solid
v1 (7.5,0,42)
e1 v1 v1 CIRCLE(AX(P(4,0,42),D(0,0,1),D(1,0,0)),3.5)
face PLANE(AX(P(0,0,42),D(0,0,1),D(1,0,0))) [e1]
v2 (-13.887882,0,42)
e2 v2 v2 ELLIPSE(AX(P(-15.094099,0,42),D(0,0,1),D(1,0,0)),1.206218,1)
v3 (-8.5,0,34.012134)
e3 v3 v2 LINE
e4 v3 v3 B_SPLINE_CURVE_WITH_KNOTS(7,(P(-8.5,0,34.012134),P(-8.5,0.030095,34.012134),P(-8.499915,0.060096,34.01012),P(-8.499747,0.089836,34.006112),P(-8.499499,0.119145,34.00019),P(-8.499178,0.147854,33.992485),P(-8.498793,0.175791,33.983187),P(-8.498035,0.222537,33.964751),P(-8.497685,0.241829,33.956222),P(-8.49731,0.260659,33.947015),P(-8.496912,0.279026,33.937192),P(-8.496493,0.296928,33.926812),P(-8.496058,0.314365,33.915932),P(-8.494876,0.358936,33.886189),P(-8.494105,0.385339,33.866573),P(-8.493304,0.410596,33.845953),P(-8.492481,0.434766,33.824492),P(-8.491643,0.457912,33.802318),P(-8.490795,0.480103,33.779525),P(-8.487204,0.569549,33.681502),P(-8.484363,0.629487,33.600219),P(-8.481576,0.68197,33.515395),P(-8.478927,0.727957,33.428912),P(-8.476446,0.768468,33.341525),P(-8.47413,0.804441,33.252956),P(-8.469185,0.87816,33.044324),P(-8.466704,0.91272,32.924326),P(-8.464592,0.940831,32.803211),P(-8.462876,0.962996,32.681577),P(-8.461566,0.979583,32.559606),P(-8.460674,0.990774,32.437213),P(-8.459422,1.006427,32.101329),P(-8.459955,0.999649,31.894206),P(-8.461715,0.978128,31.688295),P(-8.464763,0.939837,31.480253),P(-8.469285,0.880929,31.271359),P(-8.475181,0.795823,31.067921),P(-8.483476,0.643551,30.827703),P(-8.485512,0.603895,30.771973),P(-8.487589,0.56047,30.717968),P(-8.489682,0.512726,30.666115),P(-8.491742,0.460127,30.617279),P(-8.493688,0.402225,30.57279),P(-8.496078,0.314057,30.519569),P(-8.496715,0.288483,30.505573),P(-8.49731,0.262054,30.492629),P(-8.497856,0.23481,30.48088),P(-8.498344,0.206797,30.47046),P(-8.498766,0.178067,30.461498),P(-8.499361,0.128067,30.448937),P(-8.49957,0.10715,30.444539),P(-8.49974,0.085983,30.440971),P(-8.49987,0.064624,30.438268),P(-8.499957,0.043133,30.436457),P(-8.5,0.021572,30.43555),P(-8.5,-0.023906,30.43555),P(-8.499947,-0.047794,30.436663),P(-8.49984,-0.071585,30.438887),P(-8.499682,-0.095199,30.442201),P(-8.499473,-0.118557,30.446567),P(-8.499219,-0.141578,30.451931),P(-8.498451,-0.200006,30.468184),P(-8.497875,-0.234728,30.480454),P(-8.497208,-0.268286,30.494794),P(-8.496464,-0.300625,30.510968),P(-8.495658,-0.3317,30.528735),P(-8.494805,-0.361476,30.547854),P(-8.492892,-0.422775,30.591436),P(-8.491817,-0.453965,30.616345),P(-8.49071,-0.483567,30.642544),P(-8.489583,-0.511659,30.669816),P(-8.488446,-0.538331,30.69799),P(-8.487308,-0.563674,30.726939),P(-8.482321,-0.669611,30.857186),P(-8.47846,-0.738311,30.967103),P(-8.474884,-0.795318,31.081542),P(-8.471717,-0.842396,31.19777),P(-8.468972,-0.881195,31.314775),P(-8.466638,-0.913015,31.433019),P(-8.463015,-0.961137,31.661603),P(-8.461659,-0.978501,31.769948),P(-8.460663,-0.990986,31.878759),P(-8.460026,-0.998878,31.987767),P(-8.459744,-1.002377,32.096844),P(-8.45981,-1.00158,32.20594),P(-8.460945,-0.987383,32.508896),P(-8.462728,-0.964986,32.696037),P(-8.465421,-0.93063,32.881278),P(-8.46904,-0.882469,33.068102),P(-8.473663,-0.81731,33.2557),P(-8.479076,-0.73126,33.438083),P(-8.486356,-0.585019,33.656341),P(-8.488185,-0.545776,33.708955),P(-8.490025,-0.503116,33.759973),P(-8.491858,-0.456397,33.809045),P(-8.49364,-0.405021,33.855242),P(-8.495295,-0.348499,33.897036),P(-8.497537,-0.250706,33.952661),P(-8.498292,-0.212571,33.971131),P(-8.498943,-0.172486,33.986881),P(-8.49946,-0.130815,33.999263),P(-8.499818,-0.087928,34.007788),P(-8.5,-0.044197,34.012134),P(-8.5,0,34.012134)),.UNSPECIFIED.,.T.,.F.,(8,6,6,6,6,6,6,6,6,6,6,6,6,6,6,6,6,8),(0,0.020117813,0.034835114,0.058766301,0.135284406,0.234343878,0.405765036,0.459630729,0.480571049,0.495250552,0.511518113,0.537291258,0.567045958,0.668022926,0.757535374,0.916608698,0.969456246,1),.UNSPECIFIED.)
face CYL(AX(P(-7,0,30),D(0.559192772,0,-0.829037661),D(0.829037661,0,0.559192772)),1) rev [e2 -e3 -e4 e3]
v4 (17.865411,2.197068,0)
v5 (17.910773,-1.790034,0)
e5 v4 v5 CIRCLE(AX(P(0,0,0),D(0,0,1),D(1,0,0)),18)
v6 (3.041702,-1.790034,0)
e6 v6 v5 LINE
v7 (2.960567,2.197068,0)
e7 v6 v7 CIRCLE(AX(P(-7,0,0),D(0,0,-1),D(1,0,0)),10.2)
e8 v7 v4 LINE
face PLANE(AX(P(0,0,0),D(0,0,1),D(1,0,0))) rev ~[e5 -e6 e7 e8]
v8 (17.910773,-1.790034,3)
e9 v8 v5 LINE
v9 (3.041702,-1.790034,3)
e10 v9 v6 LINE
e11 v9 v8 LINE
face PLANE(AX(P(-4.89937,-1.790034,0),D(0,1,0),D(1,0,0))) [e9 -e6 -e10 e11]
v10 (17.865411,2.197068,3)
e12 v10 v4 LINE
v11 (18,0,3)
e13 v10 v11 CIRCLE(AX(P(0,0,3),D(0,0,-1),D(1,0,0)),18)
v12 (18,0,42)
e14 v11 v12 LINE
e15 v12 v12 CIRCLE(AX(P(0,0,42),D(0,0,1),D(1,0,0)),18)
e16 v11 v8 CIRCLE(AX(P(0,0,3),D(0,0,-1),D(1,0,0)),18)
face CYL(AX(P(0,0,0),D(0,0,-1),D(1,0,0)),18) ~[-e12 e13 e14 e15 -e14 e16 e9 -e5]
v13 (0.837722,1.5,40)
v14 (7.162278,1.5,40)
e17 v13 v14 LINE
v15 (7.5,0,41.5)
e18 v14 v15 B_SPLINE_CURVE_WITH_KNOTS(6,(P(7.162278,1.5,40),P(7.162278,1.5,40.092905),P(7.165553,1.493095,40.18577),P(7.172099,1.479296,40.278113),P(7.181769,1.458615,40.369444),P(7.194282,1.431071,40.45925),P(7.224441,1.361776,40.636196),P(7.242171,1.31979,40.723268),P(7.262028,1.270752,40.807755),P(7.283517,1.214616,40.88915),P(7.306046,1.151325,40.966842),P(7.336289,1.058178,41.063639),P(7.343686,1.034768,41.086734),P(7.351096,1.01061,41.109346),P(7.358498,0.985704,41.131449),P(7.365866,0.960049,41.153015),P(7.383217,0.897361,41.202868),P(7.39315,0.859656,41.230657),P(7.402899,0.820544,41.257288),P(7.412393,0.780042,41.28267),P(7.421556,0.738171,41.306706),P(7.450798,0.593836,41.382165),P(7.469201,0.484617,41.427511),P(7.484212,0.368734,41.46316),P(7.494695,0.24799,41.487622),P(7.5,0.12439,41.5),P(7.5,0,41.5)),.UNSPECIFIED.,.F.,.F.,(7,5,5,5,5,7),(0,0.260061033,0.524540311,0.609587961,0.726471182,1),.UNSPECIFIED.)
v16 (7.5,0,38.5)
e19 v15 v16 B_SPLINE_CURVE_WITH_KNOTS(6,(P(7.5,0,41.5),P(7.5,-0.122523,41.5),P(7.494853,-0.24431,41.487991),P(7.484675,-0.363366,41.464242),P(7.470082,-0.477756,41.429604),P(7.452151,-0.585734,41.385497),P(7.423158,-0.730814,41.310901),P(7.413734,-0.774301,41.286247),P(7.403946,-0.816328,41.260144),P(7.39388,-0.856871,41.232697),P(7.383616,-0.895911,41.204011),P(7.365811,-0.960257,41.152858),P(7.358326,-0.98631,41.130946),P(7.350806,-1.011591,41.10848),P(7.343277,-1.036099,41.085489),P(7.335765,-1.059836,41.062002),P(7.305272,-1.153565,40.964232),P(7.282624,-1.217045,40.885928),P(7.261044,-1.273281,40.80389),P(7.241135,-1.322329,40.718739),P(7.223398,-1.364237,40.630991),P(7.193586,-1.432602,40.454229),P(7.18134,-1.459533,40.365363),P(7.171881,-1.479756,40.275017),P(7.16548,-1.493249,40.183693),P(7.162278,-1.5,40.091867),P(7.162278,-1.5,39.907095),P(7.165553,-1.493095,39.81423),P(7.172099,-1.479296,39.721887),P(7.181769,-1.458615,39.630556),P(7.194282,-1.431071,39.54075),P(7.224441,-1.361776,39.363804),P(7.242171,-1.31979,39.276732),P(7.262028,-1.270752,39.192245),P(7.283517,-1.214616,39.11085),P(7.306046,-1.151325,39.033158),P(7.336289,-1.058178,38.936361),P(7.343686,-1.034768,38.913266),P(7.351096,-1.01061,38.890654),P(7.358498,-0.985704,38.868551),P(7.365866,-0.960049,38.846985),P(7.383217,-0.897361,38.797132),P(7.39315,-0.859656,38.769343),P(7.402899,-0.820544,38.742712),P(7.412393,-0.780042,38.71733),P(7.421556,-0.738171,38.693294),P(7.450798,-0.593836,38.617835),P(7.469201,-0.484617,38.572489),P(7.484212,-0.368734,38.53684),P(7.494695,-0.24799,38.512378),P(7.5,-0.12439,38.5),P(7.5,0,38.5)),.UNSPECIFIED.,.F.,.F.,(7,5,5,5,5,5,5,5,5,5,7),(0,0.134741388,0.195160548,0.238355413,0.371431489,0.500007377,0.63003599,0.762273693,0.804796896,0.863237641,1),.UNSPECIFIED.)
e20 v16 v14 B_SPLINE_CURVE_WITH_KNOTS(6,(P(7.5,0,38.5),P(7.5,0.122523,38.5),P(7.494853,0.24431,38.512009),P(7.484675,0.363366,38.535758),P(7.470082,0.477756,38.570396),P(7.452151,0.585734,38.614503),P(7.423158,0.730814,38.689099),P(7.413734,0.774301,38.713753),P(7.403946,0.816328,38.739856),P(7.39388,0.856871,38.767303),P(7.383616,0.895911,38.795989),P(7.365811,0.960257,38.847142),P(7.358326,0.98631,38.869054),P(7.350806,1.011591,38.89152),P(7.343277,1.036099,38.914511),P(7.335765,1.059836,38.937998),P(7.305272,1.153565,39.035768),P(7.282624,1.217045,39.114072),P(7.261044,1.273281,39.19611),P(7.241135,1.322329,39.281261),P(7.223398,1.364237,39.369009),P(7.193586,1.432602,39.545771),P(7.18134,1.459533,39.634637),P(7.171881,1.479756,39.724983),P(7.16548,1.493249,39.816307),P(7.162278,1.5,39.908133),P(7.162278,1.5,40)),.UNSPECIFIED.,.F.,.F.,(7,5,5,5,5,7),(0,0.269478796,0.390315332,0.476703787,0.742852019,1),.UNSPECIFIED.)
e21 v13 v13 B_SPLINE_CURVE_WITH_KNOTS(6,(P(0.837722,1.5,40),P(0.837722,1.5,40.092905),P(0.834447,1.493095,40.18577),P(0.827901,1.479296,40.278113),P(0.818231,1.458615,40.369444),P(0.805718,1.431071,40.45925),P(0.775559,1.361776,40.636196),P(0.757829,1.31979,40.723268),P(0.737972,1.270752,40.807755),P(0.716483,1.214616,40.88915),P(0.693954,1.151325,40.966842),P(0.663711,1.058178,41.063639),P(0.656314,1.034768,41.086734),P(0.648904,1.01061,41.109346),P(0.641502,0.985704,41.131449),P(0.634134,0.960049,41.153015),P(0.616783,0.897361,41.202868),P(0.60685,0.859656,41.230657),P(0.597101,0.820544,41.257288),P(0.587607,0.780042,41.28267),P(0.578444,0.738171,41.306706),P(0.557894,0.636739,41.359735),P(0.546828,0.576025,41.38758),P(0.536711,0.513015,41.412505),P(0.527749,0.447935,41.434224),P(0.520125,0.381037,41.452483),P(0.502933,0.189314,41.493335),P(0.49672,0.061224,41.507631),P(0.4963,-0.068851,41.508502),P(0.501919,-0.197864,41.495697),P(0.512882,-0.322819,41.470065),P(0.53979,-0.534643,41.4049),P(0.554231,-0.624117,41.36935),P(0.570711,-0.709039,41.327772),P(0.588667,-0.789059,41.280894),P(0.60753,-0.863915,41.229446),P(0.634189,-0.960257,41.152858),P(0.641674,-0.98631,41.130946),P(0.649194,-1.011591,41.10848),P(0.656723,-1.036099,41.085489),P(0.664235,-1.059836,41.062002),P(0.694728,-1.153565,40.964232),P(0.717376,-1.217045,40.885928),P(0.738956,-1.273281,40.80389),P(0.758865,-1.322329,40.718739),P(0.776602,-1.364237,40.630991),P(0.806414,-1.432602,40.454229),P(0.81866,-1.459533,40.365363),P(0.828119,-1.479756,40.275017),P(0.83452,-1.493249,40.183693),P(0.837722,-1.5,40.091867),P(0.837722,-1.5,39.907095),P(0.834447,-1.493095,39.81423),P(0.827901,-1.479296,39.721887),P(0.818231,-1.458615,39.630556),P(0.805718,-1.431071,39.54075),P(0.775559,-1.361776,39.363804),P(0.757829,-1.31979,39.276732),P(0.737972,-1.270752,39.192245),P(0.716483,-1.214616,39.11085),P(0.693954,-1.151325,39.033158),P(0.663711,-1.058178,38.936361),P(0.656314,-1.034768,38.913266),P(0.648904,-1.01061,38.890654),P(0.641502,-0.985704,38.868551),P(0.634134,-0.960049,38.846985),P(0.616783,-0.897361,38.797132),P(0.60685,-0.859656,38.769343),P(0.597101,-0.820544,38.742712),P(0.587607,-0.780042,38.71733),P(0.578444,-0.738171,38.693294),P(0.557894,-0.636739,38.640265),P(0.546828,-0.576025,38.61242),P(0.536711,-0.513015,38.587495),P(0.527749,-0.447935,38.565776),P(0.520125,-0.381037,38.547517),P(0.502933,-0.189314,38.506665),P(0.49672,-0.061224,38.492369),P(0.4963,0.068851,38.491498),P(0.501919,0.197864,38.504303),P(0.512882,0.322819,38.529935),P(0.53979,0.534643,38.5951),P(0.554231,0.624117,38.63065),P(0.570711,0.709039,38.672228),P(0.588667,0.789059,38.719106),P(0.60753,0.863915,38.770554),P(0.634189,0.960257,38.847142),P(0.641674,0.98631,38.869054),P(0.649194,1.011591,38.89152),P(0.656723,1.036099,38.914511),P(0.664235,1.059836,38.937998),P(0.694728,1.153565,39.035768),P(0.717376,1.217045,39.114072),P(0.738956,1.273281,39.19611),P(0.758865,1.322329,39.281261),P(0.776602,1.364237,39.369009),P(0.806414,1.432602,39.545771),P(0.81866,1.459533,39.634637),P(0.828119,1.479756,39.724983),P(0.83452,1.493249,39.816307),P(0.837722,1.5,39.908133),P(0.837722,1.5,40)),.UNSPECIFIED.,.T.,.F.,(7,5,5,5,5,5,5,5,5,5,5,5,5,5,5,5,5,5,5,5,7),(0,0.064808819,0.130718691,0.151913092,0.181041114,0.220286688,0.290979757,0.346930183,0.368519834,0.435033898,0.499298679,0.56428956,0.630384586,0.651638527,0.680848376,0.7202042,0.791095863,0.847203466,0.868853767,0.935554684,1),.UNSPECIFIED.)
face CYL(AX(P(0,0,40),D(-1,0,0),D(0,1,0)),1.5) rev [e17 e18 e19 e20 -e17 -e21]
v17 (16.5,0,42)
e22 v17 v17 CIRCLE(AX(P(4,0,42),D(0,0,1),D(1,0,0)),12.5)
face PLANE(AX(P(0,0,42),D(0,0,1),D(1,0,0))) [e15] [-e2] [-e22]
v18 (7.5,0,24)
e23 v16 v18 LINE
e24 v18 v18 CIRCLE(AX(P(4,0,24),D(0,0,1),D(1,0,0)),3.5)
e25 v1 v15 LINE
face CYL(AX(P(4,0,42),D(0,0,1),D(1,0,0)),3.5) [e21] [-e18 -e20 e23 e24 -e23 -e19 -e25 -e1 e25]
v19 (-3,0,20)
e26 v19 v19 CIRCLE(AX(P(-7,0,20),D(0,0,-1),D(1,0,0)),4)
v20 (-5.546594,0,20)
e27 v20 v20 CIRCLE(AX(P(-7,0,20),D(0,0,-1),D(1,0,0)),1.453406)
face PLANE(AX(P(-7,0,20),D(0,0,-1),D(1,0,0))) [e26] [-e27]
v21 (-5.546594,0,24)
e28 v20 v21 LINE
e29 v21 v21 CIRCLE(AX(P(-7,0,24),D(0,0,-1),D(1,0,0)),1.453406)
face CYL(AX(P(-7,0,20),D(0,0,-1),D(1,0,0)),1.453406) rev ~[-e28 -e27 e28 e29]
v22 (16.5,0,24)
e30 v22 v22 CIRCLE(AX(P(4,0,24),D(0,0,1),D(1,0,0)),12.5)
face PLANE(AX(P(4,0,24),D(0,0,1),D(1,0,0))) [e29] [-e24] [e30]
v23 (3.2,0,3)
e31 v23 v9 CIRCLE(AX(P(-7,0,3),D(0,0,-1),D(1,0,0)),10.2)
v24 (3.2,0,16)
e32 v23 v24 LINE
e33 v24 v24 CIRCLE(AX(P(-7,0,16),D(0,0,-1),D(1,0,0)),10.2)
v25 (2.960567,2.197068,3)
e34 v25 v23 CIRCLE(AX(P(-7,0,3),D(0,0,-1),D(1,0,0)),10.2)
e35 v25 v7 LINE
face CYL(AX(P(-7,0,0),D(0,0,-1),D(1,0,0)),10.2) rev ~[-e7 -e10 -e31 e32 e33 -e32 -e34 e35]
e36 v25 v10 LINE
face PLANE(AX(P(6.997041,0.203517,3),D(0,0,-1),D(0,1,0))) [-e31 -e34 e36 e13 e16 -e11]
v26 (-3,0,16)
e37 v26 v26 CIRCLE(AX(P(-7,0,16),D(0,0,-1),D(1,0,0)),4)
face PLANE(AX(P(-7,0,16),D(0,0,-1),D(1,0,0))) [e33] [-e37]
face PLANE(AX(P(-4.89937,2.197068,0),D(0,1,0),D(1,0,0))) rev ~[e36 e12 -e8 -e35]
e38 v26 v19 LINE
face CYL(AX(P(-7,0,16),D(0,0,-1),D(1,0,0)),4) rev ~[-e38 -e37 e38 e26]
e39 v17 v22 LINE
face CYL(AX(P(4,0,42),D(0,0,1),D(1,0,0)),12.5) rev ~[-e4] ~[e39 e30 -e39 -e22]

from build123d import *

# Parameters (mm, degrees)
CYLINDER_R        = 18
CYLINDER_DEPTH    = 42
SKETCH_R          = 10.2
POCKET_DEPTH      = 16
SKETCH002_R       = 12.5
SKETCH002_R_2     = 3.5
POCKET001_DEPTH   = 18
SKETCH001_R       = 4
POCKET002_DEPTH   = 4
SKETCH003_R       = 1.453406
POCKET003_DEPTH   = 5
CYLINDER001_R     = 1
CYLINDER001_DEPTH = 33
CYLINDER002_R     = 1.5
CYLINDER002_DEPTH = 10
SKETCH004_W       = 3.987101
SKETCH004_H       = 23.792822
POCKET004_DEPTH   = 3


with BuildPart() as part:
    # Cylinder → Cylinder (join)
    with BuildSketch(Plane.XY):
        Circle(CYLINDER_R)
    extrude(amount=CYLINDER_DEPTH)

    # Sketch (on Face2 of Cylinder) → Pocket (cut)
    with BuildSketch(Plane(origin=(0, 0, 0), x_dir=(1, 0, 0), z_dir=(0, 0, -1))):
        with Locations((-7, 0)):
            Circle(SKETCH_R)
    extrude(amount=-POCKET_DEPTH, mode=Mode.SUBTRACT)

    # Sketch002 (on DatumPlane) → Pocket001 (cut)
    with BuildSketch(Plane.XY.offset(42)):
        with Locations((4, 0)):
            Circle(SKETCH002_R)
        with Locations((4, 0)):
            Circle(SKETCH002_R_2, mode=Mode.SUBTRACT)
    extrude(amount=-POCKET001_DEPTH, mode=Mode.SUBTRACT)

    # Sketch001 (on DatumPlane) → Pocket002 (cut)
    with BuildSketch(Plane(origin=(0, 0, 16), x_dir=(1, 0, 0), z_dir=(0, 0, -1))):
        with Locations((-7, 0)):
            Circle(SKETCH001_R)
    extrude(amount=-POCKET002_DEPTH, mode=Mode.SUBTRACT)

    # Sketch003 (on DatumPlane) → Pocket003 (cut)
    with BuildSketch(Plane(origin=(0, 0, 20), x_dir=(1, 0, 0), z_dir=(0, 0, -1))):
        with Locations((-7, 0)):
            Circle(SKETCH003_R)
    extrude(amount=-POCKET003_DEPTH, mode=Mode.SUBTRACT)

    # Cylinder001 → Cylinder001 (cut)
    with BuildSketch(Plane(origin=(-7, 0, 30), x_dir=(0.829038, 0, 0.559193), z_dir=(-0.559193, 0, 0.829038))):
        Circle(CYLINDER001_R)
    extrude(amount=CYLINDER001_DEPTH, mode=Mode.SUBTRACT)

    # Cylinder002 → Cylinder002 (cut)
    with BuildSketch(Plane(origin=(0, 0, 40), x_dir=(0, 1, 0), z_dir=(1, 0, 0))):
        Circle(CYLINDER002_R)
    extrude(amount=CYLINDER002_DEPTH, mode=Mode.SUBTRACT)

    # Sketch004 (on Face2 of Cylinder002) → Pocket004 (cut)
    with BuildSketch(Plane.YX):
        with Locations((0.203517, 6.997041)):
            Rectangle(SKETCH004_W, SKETCH004_H)
    extrude(amount=-POCKET004_DEPTH, mode=Mode.SUBTRACT)


solid = part.part
